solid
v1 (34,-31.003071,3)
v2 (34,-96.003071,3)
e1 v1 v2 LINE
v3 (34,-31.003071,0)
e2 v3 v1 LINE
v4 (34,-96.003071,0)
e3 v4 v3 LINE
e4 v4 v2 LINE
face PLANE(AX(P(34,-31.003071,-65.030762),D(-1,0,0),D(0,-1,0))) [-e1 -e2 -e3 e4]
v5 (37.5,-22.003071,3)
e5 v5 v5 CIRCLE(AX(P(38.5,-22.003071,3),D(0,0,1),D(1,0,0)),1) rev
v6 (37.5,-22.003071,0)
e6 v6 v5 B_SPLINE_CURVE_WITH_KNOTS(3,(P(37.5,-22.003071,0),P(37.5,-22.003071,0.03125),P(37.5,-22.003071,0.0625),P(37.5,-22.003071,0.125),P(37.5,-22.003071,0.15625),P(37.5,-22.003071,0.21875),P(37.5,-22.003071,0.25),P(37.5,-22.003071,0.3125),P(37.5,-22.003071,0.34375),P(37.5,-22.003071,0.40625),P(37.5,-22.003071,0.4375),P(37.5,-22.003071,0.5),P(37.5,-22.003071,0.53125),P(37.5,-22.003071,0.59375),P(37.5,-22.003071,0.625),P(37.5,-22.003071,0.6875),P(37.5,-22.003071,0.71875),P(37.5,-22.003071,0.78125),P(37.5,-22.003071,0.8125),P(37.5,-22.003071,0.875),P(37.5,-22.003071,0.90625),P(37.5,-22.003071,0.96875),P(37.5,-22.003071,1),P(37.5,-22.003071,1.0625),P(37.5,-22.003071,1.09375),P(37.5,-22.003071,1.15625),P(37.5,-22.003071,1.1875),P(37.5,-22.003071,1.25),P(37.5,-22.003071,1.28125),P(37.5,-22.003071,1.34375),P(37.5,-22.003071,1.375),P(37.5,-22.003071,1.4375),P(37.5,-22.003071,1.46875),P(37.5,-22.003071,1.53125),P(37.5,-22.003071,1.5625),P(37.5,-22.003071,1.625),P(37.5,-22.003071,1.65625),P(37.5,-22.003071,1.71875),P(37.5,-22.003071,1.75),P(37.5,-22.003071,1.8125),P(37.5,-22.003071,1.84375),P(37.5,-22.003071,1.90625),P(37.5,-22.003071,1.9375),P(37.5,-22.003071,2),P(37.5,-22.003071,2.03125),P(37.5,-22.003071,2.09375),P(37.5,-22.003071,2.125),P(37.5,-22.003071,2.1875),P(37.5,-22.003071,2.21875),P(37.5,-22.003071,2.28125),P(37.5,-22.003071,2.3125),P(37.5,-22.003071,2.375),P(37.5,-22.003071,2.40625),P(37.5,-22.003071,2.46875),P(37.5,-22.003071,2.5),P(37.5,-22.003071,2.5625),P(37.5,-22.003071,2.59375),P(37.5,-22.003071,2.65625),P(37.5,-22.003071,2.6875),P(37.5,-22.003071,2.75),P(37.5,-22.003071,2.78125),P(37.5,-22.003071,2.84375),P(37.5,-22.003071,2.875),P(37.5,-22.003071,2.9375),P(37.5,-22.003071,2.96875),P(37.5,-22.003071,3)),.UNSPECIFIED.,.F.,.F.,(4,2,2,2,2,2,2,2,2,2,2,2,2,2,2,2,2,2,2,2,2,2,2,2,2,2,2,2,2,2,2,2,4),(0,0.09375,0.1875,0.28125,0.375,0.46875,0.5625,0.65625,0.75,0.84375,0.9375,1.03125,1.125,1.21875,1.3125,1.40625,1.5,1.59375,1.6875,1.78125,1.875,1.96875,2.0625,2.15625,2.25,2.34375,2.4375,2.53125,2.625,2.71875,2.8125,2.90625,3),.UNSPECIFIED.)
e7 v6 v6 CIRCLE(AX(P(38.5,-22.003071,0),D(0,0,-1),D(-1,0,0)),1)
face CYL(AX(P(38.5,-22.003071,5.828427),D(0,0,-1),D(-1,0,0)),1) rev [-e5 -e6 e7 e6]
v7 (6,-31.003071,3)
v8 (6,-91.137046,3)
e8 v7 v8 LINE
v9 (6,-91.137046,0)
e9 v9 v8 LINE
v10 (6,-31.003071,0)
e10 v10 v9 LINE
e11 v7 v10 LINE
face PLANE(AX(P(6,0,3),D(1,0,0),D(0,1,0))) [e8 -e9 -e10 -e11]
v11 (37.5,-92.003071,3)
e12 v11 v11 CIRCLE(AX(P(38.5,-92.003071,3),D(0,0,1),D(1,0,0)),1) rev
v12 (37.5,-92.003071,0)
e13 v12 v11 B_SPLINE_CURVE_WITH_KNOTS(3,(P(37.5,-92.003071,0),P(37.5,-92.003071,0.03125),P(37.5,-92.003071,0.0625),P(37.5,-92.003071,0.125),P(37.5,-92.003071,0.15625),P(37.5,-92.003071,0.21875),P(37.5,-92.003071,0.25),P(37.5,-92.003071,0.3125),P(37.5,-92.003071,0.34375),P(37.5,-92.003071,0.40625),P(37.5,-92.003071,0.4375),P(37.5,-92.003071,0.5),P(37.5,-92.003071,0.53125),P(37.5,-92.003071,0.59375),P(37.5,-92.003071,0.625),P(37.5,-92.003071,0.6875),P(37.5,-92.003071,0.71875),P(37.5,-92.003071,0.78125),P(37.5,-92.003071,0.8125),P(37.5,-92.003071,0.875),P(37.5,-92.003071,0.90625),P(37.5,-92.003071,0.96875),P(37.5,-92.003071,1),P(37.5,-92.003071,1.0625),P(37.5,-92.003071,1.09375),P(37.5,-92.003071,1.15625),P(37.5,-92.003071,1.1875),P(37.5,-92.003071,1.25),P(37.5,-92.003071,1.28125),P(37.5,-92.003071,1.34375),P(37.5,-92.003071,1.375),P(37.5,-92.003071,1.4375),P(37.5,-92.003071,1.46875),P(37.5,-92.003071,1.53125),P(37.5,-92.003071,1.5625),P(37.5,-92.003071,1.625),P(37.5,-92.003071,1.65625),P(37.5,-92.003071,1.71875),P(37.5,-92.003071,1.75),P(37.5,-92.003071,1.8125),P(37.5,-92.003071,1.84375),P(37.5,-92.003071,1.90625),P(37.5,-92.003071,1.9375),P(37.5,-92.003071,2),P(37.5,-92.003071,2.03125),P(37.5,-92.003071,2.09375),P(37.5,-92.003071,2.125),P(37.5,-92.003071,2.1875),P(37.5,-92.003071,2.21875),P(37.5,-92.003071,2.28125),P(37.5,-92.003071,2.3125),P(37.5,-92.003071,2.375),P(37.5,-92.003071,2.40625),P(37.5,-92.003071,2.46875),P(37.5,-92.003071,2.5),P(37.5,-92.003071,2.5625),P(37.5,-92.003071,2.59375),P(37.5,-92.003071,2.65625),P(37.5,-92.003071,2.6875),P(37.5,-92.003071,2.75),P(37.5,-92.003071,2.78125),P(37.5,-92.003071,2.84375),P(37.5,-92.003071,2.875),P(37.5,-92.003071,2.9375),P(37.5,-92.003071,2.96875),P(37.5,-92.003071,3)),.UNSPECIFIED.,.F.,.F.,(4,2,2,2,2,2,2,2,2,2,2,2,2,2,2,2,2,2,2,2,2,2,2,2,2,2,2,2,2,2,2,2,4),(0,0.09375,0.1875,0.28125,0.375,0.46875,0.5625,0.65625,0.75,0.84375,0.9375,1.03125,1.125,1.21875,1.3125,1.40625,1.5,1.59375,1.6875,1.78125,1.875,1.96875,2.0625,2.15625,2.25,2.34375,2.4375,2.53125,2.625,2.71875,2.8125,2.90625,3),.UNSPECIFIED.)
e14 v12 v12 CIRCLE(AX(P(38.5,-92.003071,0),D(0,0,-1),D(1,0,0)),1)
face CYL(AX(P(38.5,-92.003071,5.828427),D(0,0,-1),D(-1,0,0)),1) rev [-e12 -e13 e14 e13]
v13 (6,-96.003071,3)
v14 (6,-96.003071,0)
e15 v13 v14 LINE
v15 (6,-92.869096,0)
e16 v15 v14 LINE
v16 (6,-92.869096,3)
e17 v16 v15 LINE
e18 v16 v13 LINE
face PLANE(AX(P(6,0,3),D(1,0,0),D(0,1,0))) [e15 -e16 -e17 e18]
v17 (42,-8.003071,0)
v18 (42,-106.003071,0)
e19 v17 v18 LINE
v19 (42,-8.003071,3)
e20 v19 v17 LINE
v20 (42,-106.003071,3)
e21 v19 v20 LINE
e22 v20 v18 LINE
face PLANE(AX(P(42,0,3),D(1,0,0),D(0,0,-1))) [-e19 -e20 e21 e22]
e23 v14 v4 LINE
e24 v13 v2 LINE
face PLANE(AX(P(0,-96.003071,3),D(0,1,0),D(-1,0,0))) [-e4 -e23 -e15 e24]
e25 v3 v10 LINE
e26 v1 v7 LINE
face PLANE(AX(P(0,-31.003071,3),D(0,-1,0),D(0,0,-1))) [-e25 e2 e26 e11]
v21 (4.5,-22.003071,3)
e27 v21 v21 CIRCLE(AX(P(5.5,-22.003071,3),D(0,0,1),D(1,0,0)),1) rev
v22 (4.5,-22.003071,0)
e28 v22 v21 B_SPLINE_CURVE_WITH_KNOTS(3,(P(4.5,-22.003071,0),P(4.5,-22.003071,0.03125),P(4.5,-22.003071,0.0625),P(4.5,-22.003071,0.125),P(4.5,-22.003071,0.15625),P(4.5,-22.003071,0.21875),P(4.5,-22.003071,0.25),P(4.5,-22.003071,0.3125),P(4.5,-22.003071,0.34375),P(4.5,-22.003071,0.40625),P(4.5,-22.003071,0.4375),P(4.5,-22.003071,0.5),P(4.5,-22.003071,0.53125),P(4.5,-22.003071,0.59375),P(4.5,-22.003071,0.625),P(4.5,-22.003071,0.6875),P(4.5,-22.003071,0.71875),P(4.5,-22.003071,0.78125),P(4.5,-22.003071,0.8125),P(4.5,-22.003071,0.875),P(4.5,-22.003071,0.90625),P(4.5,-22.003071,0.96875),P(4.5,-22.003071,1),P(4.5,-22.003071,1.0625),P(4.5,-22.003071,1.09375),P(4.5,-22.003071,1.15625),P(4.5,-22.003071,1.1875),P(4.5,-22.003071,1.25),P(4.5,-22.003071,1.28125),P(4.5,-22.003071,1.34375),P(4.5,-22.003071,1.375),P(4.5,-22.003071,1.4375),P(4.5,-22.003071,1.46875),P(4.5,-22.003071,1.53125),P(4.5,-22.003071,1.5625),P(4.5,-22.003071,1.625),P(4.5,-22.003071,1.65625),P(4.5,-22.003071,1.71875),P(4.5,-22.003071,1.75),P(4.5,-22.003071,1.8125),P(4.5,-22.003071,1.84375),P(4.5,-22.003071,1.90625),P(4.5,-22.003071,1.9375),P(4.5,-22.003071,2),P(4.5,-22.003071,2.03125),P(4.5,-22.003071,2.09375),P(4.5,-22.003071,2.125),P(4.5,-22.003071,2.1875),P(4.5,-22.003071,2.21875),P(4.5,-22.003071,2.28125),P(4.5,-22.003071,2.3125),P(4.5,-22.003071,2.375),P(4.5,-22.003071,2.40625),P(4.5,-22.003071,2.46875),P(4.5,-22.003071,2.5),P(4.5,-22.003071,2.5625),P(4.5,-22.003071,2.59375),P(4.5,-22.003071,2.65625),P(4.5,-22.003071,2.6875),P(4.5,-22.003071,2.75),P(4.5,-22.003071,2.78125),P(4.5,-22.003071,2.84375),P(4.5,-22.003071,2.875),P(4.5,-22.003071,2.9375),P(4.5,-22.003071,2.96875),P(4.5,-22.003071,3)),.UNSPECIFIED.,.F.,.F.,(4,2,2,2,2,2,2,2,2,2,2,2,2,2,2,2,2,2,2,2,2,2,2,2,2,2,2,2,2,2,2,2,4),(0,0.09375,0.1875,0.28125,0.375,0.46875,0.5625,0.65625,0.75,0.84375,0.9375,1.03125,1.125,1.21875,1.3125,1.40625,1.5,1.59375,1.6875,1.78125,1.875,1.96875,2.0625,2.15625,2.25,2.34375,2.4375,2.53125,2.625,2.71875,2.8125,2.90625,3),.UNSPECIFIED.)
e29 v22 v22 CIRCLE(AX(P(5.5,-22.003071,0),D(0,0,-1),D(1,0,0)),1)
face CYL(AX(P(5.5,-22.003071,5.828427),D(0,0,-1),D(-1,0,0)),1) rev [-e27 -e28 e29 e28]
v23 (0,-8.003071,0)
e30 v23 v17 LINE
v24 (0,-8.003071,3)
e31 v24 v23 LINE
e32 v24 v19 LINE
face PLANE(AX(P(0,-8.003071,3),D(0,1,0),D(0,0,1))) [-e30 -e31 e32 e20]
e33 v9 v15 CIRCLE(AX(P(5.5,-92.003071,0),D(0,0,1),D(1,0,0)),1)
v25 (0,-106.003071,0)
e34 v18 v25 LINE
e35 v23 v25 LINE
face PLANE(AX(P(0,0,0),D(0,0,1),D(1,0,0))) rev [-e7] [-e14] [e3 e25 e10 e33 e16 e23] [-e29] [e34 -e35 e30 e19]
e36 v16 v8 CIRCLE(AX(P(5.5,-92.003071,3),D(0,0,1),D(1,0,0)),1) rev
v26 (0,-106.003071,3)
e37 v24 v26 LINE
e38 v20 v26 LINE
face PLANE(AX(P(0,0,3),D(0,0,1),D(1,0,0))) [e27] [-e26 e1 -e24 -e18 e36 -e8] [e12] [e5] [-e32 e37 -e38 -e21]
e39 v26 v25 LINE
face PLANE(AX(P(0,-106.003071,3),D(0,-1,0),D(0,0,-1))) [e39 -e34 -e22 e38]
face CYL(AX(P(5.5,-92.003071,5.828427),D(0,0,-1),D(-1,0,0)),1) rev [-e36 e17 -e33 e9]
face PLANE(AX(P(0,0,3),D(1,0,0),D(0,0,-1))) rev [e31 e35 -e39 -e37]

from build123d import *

# Parameters (mm, degrees)
SKETCH1_W           = 30
SKETCH1_H           = 65
BOSS_EXTRUDE1_DEPTH = 3
SKETCH3_R           = 1
CUT_EXTRUDE1_DEPTH  = 3
SKETCH4_W           = 2
SKETCH4_H           = 65
BOSS_EXTRUDE2_DEPTH = 3


with BuildPart() as part:
    # Sketch1 → Boss-Extrude1 (new body)
    with BuildSketch(Plane.XY):
        Polygon((0, 0), (0, -114.006141835), (0, -92.003070917), (0, -106.003070917), (6, -106.003070917), (36, -106.003070917), (42, -106.003070917), (42, -92.003070917), (42, -114.006141835), (42, 0), (42, -22.003070917), (42, -8.003070917), (36, -8.003070917), (6, -8.003070917), (0, -8.003070917), (0, -22.003070917), align=None)
        with Locations((21, -63.503070917)):
            Rectangle(SKETCH1_W, SKETCH1_H, mode=Mode.SUBTRACT)
    extrude(amount=BOSS_EXTRUDE1_DEPTH)

    # Sketch3 → Cut-Extrude1 (cut)
    with BuildSketch(Plane(origin=(0, 0, 0), x_dir=(-1, 0, 0), z_dir=(0, 0, -1))):
        with Locations((-38.5, -22.003070917)):
            Circle(SKETCH3_R)
        with Locations((-5.5, -22.003070917)):
            Circle(SKETCH3_R)
        with Locations((-5.5, -92.003070917)):
            Circle(SKETCH3_R)
        with Locations((-38.5, -92.003070917)):
            Circle(SKETCH3_R)
    extrude(amount=-CUT_EXTRUDE1_DEPTH, mode=Mode.SUBTRACT)

    # Sketch4 → Boss-Extrude2 (add)
    with BuildSketch(Plane.XY.offset(3)):
        with Locations((35, -63.503070917)):
            Rectangle(SKETCH4_W, SKETCH4_H)
    extrude(amount=-BOSS_EXTRUDE2_DEPTH)


solid = part.part
